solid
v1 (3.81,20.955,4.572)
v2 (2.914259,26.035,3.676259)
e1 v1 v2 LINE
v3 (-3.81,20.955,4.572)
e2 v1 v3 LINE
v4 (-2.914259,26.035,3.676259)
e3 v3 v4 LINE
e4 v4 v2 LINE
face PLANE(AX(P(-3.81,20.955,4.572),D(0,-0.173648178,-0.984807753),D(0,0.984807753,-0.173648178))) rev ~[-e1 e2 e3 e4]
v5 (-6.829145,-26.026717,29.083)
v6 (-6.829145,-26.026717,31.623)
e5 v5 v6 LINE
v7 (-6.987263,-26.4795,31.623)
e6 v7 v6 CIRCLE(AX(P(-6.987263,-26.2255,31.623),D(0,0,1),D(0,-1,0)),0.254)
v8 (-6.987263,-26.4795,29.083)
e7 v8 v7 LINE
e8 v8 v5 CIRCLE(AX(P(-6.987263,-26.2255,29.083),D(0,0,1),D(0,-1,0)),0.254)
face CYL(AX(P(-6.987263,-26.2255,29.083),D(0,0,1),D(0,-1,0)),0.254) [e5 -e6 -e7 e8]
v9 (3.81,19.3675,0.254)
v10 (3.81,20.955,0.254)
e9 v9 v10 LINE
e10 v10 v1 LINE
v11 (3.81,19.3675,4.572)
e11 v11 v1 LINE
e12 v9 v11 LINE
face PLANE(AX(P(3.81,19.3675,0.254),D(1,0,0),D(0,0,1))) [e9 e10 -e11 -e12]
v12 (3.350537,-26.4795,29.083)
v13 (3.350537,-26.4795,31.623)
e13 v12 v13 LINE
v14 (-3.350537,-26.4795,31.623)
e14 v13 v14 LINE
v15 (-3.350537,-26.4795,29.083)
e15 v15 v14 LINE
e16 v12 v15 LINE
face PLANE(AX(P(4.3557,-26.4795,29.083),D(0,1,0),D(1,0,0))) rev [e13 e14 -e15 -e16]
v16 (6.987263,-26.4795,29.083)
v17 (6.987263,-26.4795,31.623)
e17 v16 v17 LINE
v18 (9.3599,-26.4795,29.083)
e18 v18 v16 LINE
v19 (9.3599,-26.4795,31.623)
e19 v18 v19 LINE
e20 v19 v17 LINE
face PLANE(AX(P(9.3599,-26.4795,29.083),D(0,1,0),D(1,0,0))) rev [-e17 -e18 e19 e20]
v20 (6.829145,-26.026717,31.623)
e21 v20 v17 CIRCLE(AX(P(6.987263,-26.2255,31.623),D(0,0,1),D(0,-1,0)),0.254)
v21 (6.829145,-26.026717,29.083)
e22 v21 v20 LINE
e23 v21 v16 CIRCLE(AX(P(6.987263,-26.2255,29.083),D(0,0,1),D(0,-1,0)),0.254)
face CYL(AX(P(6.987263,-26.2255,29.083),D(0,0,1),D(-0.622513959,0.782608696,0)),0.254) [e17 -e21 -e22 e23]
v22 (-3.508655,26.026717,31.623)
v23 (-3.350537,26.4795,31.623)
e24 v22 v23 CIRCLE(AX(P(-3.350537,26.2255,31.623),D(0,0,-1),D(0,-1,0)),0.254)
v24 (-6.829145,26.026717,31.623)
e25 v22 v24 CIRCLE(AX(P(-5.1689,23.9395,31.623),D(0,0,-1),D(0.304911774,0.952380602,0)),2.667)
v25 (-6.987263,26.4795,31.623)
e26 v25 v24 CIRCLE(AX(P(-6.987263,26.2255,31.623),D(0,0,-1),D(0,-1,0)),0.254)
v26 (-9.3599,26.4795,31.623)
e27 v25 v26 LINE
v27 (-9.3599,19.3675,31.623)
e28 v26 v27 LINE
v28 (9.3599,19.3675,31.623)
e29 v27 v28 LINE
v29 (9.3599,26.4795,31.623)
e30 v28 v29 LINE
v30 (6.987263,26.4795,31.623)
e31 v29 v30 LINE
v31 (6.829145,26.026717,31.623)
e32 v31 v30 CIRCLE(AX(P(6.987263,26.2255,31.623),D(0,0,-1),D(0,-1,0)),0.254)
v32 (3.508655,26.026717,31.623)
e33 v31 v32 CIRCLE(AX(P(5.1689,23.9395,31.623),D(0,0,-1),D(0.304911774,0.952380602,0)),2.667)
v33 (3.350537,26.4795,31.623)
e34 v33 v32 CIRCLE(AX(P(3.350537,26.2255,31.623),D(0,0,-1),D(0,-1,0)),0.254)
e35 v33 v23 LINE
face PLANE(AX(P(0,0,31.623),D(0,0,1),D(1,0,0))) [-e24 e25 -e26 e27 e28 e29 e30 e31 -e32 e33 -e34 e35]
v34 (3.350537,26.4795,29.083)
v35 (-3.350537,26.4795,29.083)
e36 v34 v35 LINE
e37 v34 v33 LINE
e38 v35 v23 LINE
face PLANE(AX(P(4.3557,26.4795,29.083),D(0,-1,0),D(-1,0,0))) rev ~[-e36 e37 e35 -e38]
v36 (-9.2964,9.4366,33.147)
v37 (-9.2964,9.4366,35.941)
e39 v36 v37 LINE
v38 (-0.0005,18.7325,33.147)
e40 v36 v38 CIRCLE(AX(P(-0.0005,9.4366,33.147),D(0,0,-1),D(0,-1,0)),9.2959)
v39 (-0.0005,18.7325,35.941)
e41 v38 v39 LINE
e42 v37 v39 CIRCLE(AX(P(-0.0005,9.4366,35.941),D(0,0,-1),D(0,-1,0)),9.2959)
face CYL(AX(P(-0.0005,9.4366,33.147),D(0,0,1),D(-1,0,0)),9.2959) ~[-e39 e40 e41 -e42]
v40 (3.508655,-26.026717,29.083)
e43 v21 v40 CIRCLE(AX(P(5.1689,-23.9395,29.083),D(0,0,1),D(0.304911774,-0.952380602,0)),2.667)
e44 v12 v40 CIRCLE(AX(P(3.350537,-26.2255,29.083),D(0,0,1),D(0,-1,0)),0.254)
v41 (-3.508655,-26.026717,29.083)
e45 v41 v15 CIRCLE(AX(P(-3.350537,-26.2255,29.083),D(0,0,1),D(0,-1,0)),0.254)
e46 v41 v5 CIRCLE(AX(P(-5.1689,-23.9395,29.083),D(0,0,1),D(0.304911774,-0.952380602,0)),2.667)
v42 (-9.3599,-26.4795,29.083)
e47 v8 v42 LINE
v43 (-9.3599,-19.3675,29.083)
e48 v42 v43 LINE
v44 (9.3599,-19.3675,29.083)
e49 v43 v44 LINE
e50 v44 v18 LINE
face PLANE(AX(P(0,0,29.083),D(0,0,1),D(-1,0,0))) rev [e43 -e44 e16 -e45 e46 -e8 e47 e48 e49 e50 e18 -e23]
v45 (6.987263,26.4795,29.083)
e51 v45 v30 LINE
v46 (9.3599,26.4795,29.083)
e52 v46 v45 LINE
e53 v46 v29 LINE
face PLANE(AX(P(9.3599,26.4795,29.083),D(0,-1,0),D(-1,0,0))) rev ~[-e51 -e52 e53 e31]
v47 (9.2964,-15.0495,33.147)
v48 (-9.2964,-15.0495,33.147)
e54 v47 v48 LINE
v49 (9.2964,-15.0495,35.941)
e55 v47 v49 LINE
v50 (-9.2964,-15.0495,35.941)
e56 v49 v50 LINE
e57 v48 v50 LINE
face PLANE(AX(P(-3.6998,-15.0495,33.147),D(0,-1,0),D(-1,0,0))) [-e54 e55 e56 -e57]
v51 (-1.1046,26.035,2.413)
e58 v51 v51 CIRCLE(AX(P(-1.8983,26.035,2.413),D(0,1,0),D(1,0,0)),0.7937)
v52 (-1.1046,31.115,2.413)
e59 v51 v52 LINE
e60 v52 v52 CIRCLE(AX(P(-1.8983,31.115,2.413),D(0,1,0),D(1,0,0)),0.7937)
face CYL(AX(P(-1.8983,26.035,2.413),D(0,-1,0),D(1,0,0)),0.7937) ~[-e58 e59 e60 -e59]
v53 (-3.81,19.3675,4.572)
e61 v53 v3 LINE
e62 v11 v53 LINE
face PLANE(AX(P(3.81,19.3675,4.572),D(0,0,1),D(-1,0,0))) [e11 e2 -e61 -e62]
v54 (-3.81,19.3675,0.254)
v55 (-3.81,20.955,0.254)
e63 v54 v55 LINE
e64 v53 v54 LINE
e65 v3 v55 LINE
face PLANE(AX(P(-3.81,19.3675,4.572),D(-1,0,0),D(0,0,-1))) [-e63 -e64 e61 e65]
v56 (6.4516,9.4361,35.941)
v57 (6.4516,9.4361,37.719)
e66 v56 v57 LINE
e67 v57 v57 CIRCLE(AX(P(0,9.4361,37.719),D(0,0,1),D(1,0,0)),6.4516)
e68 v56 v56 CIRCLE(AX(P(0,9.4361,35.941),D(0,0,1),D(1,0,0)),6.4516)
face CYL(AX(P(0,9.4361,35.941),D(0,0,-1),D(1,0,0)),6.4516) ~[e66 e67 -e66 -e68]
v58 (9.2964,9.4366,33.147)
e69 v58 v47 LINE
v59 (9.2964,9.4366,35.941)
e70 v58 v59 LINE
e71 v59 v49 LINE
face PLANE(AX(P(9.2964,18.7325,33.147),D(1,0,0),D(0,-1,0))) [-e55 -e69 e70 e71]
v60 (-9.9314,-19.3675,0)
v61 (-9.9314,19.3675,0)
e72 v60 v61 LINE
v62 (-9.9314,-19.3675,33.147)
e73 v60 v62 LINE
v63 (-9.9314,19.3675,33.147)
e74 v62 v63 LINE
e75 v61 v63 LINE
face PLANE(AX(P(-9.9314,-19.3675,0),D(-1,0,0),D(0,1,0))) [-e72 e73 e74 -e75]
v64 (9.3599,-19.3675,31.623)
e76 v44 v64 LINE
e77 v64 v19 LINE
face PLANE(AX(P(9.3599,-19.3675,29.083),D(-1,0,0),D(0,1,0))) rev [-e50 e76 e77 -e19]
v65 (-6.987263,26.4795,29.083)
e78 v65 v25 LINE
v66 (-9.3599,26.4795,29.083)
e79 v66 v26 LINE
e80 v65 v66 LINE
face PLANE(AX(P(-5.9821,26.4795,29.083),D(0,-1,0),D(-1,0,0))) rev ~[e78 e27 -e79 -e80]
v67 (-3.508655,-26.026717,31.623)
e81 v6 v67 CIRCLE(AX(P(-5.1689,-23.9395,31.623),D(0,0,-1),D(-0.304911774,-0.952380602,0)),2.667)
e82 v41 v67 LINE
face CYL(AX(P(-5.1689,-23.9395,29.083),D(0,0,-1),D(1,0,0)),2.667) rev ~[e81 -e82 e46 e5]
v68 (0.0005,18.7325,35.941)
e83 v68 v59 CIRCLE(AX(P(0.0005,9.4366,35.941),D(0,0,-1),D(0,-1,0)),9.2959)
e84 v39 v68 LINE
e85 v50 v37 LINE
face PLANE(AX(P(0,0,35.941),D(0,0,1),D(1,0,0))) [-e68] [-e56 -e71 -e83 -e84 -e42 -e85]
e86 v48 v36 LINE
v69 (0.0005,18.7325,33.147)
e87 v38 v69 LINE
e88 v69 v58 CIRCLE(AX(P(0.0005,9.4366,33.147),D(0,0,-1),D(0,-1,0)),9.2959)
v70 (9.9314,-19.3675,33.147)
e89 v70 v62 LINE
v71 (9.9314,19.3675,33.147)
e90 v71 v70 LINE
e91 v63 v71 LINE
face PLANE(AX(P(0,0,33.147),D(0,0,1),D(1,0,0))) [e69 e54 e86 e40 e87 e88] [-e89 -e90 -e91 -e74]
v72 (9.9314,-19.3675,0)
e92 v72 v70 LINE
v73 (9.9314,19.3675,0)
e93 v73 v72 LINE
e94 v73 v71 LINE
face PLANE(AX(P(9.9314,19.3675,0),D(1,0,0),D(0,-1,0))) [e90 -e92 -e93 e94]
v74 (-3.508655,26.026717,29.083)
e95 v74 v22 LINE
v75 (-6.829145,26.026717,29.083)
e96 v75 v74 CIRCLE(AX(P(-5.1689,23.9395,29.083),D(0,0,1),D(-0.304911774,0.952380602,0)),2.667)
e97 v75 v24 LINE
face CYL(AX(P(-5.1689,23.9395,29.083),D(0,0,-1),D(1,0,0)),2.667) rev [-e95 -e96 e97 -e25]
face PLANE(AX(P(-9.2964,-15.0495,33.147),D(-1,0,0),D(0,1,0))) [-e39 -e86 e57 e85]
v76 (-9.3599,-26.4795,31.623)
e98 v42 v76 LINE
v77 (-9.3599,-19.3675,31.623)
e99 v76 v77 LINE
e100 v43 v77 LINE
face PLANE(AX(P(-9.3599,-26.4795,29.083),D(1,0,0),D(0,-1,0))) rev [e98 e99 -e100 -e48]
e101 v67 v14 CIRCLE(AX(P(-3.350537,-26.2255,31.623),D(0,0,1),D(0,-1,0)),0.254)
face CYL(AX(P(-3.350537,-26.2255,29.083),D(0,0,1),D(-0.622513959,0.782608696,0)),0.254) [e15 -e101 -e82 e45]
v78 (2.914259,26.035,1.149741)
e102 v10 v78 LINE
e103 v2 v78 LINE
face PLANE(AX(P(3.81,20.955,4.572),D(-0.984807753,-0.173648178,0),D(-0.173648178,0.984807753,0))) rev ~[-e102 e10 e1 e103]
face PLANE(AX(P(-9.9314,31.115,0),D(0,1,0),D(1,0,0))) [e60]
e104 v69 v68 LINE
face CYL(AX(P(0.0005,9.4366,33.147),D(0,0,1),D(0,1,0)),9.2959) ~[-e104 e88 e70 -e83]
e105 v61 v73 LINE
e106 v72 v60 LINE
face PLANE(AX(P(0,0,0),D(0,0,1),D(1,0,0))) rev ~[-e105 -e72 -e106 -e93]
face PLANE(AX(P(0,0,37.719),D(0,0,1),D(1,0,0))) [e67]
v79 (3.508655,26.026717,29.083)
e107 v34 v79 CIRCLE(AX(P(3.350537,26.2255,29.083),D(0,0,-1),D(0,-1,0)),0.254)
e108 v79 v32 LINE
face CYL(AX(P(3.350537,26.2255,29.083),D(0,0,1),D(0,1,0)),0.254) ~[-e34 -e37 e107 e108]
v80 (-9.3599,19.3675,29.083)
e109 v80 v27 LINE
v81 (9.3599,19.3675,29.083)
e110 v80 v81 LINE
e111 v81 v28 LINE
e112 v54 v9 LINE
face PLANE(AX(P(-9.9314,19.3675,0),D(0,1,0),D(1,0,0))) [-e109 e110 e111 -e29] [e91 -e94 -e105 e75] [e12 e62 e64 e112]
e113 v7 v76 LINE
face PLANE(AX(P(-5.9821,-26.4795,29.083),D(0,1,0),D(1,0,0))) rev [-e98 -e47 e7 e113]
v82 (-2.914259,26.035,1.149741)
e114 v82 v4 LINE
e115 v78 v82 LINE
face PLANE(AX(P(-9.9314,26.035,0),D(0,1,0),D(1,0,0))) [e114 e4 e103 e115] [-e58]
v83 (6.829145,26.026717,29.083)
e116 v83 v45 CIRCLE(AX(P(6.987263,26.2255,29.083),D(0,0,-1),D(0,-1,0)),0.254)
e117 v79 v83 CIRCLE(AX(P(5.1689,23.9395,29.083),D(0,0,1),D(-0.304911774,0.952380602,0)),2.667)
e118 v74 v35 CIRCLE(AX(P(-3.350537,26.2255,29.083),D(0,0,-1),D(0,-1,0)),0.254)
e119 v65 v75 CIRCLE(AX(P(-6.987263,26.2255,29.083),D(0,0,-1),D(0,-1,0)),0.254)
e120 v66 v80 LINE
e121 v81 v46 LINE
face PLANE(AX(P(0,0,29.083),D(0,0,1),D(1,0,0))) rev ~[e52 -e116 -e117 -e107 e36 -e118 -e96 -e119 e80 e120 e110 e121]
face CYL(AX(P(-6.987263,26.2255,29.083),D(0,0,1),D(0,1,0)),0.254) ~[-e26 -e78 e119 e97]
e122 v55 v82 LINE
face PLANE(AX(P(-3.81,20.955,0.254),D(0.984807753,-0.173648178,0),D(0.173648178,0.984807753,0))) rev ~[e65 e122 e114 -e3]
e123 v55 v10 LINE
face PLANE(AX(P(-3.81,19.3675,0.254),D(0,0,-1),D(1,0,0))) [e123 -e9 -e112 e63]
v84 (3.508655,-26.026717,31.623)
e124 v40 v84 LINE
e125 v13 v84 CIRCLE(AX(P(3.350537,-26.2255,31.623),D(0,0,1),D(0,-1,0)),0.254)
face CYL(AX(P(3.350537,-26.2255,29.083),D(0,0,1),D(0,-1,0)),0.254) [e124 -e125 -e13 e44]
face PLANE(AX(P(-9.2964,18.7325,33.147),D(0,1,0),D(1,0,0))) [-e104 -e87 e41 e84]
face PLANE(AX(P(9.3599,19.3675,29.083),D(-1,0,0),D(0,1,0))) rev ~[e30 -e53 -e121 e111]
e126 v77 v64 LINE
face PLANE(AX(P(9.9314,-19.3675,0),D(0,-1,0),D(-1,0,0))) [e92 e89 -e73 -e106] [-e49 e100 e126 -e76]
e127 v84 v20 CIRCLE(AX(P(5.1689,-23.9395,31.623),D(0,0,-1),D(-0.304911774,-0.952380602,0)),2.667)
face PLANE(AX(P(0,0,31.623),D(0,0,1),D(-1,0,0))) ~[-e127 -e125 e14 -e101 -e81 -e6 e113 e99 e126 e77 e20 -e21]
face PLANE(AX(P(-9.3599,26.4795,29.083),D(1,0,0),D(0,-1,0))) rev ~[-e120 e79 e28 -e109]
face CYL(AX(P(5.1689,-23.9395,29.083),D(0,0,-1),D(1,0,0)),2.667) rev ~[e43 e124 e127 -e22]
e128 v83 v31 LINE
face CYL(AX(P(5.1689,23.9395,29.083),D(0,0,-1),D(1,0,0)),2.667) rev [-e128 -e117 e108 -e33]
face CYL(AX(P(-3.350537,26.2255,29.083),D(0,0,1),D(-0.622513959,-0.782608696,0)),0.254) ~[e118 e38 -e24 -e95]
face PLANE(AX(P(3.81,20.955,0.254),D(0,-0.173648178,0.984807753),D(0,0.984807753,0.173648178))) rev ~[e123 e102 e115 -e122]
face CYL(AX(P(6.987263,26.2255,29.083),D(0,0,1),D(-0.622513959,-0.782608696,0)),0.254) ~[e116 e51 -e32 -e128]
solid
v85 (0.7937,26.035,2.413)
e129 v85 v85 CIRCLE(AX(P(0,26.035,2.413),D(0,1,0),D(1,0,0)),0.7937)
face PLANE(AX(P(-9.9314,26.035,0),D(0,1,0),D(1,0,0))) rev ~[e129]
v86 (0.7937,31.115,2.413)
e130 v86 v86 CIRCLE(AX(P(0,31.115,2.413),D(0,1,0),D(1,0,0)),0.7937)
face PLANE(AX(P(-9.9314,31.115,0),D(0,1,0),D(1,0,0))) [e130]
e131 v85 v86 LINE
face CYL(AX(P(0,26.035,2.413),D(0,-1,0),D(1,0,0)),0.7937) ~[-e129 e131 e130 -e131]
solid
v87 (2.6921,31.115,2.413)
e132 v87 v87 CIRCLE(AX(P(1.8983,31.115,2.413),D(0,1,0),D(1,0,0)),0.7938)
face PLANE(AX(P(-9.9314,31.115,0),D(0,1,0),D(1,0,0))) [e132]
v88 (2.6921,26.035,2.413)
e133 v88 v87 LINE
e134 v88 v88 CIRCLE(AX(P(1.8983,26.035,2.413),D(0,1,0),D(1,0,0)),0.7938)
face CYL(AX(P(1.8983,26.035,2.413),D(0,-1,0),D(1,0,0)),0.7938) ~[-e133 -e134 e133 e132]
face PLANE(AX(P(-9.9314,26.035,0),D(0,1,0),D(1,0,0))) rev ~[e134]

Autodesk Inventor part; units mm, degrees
ref_plane "YZ Plane" through (0, 0, 0) normal (1, 0, 0) x (0, 1, 0)
ref_plane "XZ Plane" through (0, 0, 0) normal (0, 1, 0) x (-1, 0, 0)
sketch "Hole Pattern 4" plane through (0, 0, 0) normal (0, 0, 1) x (1, 0, 0)
  circle A0 centre (-145.7144, 104.3642) radius 4
  circle A1 centre (-145.7144, 104.3642) radius 8 construction
  circle A2 centre (-145.7144, 112.3642) radius 1.85
  circle A3 centre (-145.7144, 96.3642) radius 1.85
  circle A4 centre (-153.7144, 104.3642) radius 1.85
  circle A5 centre (-137.7144, 104.3642) radius 1.85
  circle A6 centre (-145.7144, 120.3642) radius 4
  circle A7 centre (-145.7144, 88.3642) radius 4
  point P0 (-145.7144, 107.7928)
  dimension "d140" = 16
  dimension "d141" = 3.7
  dimension "d142" = 16
  dimension "d143" = 16
  dimension "d144" = 8
sketch "Sketch1" plane through (0, 0, 0) normal (0, 0, 1) x (1, 0, 0)
  line L0 (-9.9314, 19.3675) -> (9.9314, 19.3675)
  line L1 (9.9314, 19.3675) -> (9.9314, -19.3675)
  line L2 (9.9314, -19.3675) -> (-9.9314, -19.3675)
  line L3 (-9.9314, -19.3675) -> (-9.9314, 19.3675)
  point P0 (0, 0)
  point P1 (-9.9314, 0)
  point P2 (0, 19.3675)
  dimension "d0" = 19.8628
  dimension "d1" = 38.735
extrude "Extrusion1" add sketch "Sketch1" along normal blind 33.147
sketch "Sketch2" plane through (0, 0, 33.147) normal (0, 0, 1) x (1, 0, 0)
  line L0 (9.9314, 19.3675) -> (-9.9314, 19.3675) projected
  line L1 (-9.9314, 19.3675) -> (-9.9314, -19.3675) projected
  line L2 (-9.9314, -19.3675) -> (9.9314, -19.3675) projected
  line L3 (-9.2964, 18.7325) -> (9.2964, 18.7325)
  line L4 (9.2964, 18.7325) -> (9.2964, -15.0495)
  line L5 (9.2964, -15.0495) -> (-9.2964, -15.0495)
  line L6 (-9.2964, -15.0495) -> (-9.2964, 18.7325)
  arc A0 (-3.6998, -15.0495) -> (3.6998, -15.0495) centre (0, -10.9617) ccw
  point P0 (0, 0)
  point P1 (0, 18.7325)
  dimension "d4" = 0.635
  dimension "d5" = 0.635
  dimension "d6" = 4.318
extrude "Extrusion2" add sketch "Sketch2" along normal blind 2.794 contours L3 L4 L5 L6
sketch "Sketch3" plane through (0, 0, 35.941) normal (0, 0, 1) x (1, 0, 0)
  circle A0 centre (0, 9.4361) radius 6.4516
  line L0 (9.9314, 19.3675) -> (-9.9314, 19.3675) projected
  point P0 (0, 0)
  dimension "d9" = 12.9032
  dimension "d11" = 9.9314
extrude "Extrusion3" add sketch "Sketch3" along normal blind 1.778
fillet "Fillet1" radius 9.2964 2 edges at (9.2964, 18.7325, 34.544) (-9.2964, 18.7325, 34.544)
ref_plane "Work Plane1" through (0, 0, 29.083) normal (0, 0, 1) x (1, 0, 0)
sketch "Sketch4" plane through (0, 0, 29.083) normal (0, 0, 1) x (1, 0, 0)
  line L0 (9.9314, 19.3675) -> (9.9314, -19.3675) projected
  line L1 (9.9314, -19.3675) -> (-9.9314, -19.3675) projected
  line L2 (-9.9314, -19.3675) -> (-9.9314, 19.3675) projected
  line L3 (-9.9314, 19.3675) -> (9.9314, 19.3675) projected
  line L4 (-9.3599, 19.3675) -> (9.3599, 19.3675)
  line L5 (9.3599, 19.3675) -> (9.3599, 26.4795)
  line L6 (-9.3599, 26.4795) -> (-9.3599, 19.3675)
  circle A0 centre (-5.1689, 23.9395) radius 2.667
  circle A1 centre (5.1689, 23.9395) radius 2.667
  line L7 (-5.9821, 26.4795) -> (-9.3599, 26.4795)
  line L8 (9.3599, 26.4795) -> (5.9821, 26.4795)
  line L9 (4.3557, 26.4795) -> (-4.3557, 26.4795)
  point P0 (0, 0)
  point P1 (0, 26.4795)
  dimension "d16" = 18.7198
  dimension "d18" = 7.112
  dimension "d20" = 5.334
  dimension "d21" = 4.191
  dimension "d22" = 4.191
extrude "Extrusion4" add sketch "Sketch4" along normal blind 2.54 contours L3 L6 L7 A0 L9 A1 L8 L5
fillet "Fillet2" radius 0.254 4 edges at (-5.9821, 26.4795, 30.353) (-4.3557, 26.4795, 30.353) (4.3557, 26.4795, 30.353) (5.9821, 26.4795, 30.353)
mirror "Mirror1" about plane through (0, 0, 0) normal (0, 1, 0) of "Extrusion4", "Fillet2"
sketch "Sketch5" plane through (-9.9314, 19.3675, 0) normal (0, 1, 0) x (1, 0, 0)
  line L0 (0, 0) -> (19.8628, 0) projected
  line L1 (6.1214, -0.254) -> (13.7414, -0.254)
  line L2 (13.7414, -0.254) -> (13.7414, -4.572)
  line L3 (13.7414, -4.572) -> (6.1214, -4.572)
  line L4 (6.1214, -4.572) -> (6.1214, -0.254)
  point P0 (9.9314, 0)
  point P1 (9.9314, -0.254)
  point P2 (9.9314, 0)
  dimension "d26" = 7.62
  dimension "d27" = 4.318
  dimension "d28" = 0.254
extrude "Extrusion5" add sketch "Sketch5" along normal blind 1.5875
sketch "Sketch6" plane through (-9.9314, 20.955, 0) normal (0, 1, 0) x (1, 0, 0)
  line L0 (13.7414, -0.254) -> (6.1214, -0.254) projected
  line L1 (6.1214, -0.254) -> (6.1214, -4.572) projected
  line L2 (6.1214, -4.572) -> (13.7414, -4.572) projected
  line L3 (13.7414, -4.572) -> (13.7414, -0.254) projected
  point P0 (9.9314, 0)
extrude "Extrusion6" add sketch "Sketch6" along normal blind 5.08 draft -10
sketch "Sketch7" plane through (-9.9314, 26.035, 0) normal (0, 1, 0) x (1, 0, 0)
  circle A0 centre (9.9314, -2.413) radius 0.7937
  point P0 (9.9314, 0)
  dimension "d33" = 1.5875
extrude "Extrusion7" add sketch "Sketch7" along normal blind 5.08 separate body
sketch "Sketch8" plane through (-9.9314, 26.035, 0) normal (0, 1, 0) x (1, 0, 0)
  line L0 (7.0171, -3.6763) -> (7.0171, -1.1497) projected
  circle A0 centre (8.0331, -2.413) radius 0.7937
  point P0 (9.9314, 0)
  dimension "d36" = 1.5875
  dimension "d37" = 1.016
extrude "Extrusion8" add sketch "Sketch8" along normal blind 5.08 bodies 1
sketch "Sketch9" plane through (-9.9314, 26.035, 0) normal (0, 1, 0) x (1, 0, 0)
  line L0 (12.8457, -1.1497) -> (12.8457, -3.6763) projected
  circle A0 centre (11.8297, -2.413) radius 0.7938
  point P0 (9.9314, 0)
  dimension "d40" = 1.5875
  dimension "d41" = 1.016
extrude "Extrusion9" add sketch "Sketch9" along normal blind 5.08 separate body
sketch "Sketch25" plane through (0, 9.4361, 37.719) normal (0, 0, 1) x (1, 0, 0)
  circle A0 centre (0, 0) radius 6.4516 projected
  circle A1 centre (0, 0) radius 4.5085
  point P0 (0, -9.4361)
  dimension "d145" = 9.017
equation "\"d5\" = d4"
equation "\"d22\" = d21"
properties part number "Tetrix 180 Servo"
